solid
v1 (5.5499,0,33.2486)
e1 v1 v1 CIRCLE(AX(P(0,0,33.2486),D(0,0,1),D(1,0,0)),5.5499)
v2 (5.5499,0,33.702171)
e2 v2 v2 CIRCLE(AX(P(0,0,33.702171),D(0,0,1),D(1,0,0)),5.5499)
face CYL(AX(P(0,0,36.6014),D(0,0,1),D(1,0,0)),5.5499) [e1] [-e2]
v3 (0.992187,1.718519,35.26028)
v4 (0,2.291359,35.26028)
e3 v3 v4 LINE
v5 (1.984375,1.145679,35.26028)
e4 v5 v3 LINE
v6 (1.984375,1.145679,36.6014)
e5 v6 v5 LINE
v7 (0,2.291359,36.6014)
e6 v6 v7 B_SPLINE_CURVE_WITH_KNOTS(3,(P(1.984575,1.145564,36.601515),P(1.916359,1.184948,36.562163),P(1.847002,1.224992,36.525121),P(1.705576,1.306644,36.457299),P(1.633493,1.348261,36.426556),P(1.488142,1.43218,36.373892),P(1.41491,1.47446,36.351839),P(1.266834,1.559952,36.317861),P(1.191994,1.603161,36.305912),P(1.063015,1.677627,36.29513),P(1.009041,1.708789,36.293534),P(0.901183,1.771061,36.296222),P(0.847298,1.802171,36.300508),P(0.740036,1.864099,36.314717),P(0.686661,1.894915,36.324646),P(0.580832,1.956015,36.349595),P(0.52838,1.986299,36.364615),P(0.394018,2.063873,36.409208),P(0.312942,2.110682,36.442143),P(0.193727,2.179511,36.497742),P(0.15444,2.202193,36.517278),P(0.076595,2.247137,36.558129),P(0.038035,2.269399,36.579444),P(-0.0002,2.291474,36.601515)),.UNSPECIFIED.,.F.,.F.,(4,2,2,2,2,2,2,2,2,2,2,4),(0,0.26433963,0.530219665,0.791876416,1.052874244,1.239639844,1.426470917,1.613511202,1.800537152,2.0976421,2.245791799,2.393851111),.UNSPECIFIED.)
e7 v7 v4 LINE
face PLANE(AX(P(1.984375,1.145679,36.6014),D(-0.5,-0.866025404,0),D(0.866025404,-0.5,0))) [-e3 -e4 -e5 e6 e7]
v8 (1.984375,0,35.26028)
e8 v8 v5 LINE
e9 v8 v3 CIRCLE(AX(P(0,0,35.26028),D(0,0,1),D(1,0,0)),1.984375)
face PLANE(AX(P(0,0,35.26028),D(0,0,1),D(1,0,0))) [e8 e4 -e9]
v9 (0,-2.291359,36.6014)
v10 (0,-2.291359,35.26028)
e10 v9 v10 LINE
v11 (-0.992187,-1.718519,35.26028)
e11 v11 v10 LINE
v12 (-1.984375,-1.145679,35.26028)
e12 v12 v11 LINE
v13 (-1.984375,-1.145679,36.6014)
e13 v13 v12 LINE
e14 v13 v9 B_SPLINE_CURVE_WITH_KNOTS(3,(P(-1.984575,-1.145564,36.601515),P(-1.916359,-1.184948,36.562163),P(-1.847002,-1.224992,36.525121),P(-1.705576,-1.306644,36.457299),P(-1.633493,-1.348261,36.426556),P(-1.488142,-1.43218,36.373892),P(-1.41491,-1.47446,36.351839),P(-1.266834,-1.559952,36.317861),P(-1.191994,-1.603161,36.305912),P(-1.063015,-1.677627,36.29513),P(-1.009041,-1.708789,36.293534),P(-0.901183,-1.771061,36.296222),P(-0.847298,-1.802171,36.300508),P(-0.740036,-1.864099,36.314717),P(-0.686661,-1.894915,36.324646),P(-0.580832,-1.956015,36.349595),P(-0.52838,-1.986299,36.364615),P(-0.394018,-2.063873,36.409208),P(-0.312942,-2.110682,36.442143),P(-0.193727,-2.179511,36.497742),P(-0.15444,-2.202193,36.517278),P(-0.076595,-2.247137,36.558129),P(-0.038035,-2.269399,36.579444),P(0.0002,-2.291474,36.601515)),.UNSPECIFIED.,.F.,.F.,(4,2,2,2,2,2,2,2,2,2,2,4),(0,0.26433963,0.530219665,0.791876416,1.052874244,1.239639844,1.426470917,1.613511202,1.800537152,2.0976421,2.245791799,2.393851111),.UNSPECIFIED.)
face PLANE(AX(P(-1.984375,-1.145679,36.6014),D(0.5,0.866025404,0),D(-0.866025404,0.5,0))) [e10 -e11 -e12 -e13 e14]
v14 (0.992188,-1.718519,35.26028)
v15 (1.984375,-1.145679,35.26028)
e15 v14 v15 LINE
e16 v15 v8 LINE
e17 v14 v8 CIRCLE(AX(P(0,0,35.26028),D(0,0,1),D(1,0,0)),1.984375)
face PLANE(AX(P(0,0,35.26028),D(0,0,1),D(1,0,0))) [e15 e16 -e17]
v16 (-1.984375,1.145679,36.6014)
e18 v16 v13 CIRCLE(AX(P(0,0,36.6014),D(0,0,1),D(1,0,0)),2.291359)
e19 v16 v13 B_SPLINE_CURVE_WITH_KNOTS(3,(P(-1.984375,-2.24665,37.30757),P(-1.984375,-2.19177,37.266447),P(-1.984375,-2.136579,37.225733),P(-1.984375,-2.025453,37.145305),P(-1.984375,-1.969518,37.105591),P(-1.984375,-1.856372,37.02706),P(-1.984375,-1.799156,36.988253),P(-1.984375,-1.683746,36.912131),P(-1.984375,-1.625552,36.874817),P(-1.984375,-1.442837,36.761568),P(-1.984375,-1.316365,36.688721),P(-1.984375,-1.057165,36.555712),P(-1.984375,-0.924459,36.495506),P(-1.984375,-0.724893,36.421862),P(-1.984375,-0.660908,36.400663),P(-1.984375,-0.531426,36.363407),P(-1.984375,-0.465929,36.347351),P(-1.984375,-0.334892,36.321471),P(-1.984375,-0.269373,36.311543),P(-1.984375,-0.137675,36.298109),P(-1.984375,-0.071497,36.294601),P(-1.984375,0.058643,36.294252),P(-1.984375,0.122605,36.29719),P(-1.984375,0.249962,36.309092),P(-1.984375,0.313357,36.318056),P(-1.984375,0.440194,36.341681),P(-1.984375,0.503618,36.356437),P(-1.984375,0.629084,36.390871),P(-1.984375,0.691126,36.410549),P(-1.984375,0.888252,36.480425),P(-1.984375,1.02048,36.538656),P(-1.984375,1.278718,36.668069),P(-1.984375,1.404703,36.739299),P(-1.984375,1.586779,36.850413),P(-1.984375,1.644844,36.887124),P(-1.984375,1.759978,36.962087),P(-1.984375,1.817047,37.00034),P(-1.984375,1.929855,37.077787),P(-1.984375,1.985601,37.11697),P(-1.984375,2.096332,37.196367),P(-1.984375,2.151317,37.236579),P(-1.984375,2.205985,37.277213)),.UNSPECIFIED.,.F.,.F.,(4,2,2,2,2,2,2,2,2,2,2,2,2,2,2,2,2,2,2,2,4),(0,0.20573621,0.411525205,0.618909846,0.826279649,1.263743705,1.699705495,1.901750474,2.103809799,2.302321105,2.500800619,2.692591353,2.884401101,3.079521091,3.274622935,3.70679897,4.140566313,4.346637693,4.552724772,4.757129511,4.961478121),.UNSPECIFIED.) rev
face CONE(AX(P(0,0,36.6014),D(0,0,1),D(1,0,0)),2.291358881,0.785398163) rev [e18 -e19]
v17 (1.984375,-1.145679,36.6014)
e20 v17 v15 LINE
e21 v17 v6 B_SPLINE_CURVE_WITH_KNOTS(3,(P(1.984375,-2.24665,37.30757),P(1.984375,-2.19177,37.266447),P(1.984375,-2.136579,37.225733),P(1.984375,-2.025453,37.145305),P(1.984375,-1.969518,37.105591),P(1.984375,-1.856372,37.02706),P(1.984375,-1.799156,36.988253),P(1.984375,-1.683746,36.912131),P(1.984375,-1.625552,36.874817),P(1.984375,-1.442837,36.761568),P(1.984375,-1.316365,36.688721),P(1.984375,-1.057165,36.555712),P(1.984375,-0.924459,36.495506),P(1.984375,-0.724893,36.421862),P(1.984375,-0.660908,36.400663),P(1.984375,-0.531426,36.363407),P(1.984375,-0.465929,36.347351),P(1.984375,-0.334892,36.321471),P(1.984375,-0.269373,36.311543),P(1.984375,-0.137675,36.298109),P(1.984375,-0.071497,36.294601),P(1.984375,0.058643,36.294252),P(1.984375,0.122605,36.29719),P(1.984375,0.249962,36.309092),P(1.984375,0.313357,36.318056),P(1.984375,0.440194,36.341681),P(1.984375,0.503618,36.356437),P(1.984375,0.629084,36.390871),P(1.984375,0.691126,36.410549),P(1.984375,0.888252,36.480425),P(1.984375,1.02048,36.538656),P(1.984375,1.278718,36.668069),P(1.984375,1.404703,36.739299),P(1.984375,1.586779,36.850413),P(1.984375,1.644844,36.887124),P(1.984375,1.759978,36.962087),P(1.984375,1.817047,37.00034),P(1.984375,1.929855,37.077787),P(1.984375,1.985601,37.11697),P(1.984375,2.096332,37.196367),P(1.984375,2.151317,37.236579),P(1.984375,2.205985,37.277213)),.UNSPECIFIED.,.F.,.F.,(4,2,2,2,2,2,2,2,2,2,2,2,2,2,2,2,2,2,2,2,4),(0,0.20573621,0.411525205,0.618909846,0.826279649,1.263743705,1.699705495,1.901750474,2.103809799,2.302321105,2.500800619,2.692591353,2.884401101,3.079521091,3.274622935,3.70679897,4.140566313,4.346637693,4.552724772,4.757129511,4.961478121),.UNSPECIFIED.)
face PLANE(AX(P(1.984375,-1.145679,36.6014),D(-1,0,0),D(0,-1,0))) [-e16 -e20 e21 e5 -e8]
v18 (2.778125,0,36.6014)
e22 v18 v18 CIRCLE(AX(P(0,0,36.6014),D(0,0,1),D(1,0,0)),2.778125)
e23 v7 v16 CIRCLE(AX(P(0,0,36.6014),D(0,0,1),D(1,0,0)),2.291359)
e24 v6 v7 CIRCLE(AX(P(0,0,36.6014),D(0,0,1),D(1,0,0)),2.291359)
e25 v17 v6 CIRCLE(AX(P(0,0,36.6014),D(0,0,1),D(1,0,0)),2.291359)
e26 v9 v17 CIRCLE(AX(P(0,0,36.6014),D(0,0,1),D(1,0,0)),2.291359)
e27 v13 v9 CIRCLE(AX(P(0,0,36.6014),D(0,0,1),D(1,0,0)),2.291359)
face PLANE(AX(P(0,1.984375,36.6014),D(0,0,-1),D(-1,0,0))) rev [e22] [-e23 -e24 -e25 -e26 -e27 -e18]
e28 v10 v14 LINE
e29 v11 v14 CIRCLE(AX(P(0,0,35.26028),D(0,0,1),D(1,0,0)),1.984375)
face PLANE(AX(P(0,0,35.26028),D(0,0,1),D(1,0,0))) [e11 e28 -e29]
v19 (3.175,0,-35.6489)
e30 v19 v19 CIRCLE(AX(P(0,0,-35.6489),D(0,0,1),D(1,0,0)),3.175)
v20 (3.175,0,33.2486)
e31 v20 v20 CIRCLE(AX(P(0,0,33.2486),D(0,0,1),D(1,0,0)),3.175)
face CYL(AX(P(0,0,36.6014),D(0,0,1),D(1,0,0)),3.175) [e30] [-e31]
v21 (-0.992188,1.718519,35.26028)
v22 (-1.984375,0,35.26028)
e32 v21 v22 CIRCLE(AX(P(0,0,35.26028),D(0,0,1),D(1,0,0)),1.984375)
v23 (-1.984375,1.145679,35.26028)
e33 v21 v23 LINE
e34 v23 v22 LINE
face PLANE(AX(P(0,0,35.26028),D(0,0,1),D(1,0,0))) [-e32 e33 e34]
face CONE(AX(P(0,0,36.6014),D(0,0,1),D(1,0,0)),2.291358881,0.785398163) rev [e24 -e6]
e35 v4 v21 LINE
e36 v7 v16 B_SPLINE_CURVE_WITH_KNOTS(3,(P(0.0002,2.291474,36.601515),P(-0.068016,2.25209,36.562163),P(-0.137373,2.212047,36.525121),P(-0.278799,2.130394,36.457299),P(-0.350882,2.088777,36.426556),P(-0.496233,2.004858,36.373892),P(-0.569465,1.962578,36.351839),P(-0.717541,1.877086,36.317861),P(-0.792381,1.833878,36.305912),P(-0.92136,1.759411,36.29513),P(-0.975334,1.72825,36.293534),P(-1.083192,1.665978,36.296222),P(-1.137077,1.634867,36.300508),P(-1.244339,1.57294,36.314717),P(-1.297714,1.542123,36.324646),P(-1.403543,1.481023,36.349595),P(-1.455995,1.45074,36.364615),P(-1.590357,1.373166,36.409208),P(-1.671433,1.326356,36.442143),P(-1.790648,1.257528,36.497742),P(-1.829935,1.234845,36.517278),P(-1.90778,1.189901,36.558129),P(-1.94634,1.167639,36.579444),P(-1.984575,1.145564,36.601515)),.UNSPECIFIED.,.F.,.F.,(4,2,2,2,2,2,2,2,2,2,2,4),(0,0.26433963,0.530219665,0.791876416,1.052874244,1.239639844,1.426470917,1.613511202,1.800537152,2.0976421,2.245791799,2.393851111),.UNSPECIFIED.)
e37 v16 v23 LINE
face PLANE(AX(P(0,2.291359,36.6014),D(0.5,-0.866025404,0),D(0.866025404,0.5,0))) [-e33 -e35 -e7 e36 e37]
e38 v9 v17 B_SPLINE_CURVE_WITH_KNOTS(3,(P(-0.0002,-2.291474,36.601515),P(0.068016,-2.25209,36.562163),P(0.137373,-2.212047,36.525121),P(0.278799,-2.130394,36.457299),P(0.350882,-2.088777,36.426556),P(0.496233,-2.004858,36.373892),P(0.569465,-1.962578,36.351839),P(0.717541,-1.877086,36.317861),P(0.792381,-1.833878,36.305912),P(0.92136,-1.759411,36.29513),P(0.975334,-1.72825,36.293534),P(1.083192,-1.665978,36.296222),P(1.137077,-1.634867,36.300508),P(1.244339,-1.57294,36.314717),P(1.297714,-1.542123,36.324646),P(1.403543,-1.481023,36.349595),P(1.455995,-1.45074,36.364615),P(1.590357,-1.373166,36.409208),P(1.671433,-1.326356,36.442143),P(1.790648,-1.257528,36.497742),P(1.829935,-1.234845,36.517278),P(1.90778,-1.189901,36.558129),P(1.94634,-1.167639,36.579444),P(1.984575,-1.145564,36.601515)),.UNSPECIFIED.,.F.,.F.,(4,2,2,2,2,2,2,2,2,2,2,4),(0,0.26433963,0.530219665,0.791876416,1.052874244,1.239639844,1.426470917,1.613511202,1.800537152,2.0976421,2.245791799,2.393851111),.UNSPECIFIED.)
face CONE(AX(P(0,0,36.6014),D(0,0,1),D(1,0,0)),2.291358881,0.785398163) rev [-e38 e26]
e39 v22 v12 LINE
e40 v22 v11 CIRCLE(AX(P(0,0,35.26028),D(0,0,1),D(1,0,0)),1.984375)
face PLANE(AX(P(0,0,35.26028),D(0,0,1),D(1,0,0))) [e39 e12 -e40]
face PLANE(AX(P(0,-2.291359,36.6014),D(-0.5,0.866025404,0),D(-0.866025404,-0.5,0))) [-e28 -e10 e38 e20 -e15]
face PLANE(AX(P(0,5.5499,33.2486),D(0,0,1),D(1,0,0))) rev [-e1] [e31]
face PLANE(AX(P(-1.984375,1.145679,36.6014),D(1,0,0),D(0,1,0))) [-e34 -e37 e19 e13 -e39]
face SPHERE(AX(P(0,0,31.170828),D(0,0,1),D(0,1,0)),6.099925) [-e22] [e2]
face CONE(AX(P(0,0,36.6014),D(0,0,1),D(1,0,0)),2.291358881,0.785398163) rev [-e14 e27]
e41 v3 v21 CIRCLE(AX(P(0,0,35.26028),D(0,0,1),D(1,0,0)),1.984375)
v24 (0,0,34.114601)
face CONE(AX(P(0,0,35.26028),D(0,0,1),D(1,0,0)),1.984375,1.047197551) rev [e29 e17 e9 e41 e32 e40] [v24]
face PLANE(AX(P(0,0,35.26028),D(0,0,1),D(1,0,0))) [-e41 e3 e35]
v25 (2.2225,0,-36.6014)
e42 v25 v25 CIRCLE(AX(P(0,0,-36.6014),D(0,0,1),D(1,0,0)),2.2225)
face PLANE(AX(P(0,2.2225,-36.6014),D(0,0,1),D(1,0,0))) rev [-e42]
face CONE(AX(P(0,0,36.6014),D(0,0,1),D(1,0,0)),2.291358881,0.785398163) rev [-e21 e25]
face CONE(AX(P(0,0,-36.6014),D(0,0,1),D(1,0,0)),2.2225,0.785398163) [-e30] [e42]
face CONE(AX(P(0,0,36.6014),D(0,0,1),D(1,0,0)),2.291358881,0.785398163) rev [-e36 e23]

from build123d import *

# Parameters (mm, degrees)
CUT_EXTRUDE1_START = 35.26028
CUT_EXTRUDE1_DEPTH = 2.34112
SKETCH4_R          = 2.291358881
CUT_EXTRUDE2_DEPTH = 1.34112
CUT_EXTRUDE2_DRAFT = -45


with BuildPart() as part:
    # Sketch2 → Revolve1 (revolve)
    with BuildSketch(Plane(origin=(0, 0, 0), x_dir=(0, 0, -1), z_dir=(1, 0, 0))):
        with BuildLine():
            Line((-36.6014, 1.984375), (-36.6014, 2.778125))
            ThreePointArc((-36.6014, 2.778125), (-35.386122602, 4.40912482), (-33.702171429, 5.5499))
            Line((-33.702171429, 5.5499), (-33.2486, 5.5499))
            Line((-33.2486, 5.5499), (-33.2486, 3.175))
            Line((-33.2486, 3.175), (35.6489, 3.175))
            Line((35.6489, 3.175), (36.6014, 2.2225))
            Line((36.6014, 2.2225), (36.6014, 0))
            Line((36.6014, 0), (-34.11460056, 0))
            Line((-34.11460056, 0), (-35.26028, 1.984375))
            Line((-35.26028, 1.984375), (-36.6014, 1.984375))
        make_face()
    revolve(axis=Axis((0, 0, 36.6014), (0, 0, -1)))

    # Sketch3 → Cut-Extrude1 (cut, through all)
    with BuildSketch(Plane.XY.offset(CUT_EXTRUDE1_START)):
        Polygon((0, 2.291358881), (-1.984375, 1.14567944), (-1.984375, -1.14567944), (0, -2.291358881), (1.984375, -1.14567944), (1.984375, 1.14567944), align=None)
    extrude(amount=CUT_EXTRUDE1_DEPTH, mode=Mode.SUBTRACT)


with BuildPart() as cut_extrude2_tool:
    # Sketch4 → Cut-Extrude2 (with draft: the straight prism first)
    with BuildSketch(Plane.XY.offset(36.6014)):
        Circle(SKETCH4_R)
    extrude(amount=-CUT_EXTRUDE2_DEPTH)
    # Cut-Extrude2: the draft: its side faces are tilted about the plane it starts from
    cut_extrude2_sides = [cut_extrude2_tool.faces().sort_by_distance(p)[0] for p in [
        (-2.291358881, 0, 35.93084),
    ]]
    draft(cut_extrude2_sides, Plane.XY.offset(36.6014), CUT_EXTRUDE2_DRAFT)


with BuildPart() as part_1:
    add(part.part)

    # Cut-Extrude2: cut by cut_extrude2_tool
    add(cut_extrude2_tool.part, mode=Mode.SUBTRACT)


solid = part_1.part
